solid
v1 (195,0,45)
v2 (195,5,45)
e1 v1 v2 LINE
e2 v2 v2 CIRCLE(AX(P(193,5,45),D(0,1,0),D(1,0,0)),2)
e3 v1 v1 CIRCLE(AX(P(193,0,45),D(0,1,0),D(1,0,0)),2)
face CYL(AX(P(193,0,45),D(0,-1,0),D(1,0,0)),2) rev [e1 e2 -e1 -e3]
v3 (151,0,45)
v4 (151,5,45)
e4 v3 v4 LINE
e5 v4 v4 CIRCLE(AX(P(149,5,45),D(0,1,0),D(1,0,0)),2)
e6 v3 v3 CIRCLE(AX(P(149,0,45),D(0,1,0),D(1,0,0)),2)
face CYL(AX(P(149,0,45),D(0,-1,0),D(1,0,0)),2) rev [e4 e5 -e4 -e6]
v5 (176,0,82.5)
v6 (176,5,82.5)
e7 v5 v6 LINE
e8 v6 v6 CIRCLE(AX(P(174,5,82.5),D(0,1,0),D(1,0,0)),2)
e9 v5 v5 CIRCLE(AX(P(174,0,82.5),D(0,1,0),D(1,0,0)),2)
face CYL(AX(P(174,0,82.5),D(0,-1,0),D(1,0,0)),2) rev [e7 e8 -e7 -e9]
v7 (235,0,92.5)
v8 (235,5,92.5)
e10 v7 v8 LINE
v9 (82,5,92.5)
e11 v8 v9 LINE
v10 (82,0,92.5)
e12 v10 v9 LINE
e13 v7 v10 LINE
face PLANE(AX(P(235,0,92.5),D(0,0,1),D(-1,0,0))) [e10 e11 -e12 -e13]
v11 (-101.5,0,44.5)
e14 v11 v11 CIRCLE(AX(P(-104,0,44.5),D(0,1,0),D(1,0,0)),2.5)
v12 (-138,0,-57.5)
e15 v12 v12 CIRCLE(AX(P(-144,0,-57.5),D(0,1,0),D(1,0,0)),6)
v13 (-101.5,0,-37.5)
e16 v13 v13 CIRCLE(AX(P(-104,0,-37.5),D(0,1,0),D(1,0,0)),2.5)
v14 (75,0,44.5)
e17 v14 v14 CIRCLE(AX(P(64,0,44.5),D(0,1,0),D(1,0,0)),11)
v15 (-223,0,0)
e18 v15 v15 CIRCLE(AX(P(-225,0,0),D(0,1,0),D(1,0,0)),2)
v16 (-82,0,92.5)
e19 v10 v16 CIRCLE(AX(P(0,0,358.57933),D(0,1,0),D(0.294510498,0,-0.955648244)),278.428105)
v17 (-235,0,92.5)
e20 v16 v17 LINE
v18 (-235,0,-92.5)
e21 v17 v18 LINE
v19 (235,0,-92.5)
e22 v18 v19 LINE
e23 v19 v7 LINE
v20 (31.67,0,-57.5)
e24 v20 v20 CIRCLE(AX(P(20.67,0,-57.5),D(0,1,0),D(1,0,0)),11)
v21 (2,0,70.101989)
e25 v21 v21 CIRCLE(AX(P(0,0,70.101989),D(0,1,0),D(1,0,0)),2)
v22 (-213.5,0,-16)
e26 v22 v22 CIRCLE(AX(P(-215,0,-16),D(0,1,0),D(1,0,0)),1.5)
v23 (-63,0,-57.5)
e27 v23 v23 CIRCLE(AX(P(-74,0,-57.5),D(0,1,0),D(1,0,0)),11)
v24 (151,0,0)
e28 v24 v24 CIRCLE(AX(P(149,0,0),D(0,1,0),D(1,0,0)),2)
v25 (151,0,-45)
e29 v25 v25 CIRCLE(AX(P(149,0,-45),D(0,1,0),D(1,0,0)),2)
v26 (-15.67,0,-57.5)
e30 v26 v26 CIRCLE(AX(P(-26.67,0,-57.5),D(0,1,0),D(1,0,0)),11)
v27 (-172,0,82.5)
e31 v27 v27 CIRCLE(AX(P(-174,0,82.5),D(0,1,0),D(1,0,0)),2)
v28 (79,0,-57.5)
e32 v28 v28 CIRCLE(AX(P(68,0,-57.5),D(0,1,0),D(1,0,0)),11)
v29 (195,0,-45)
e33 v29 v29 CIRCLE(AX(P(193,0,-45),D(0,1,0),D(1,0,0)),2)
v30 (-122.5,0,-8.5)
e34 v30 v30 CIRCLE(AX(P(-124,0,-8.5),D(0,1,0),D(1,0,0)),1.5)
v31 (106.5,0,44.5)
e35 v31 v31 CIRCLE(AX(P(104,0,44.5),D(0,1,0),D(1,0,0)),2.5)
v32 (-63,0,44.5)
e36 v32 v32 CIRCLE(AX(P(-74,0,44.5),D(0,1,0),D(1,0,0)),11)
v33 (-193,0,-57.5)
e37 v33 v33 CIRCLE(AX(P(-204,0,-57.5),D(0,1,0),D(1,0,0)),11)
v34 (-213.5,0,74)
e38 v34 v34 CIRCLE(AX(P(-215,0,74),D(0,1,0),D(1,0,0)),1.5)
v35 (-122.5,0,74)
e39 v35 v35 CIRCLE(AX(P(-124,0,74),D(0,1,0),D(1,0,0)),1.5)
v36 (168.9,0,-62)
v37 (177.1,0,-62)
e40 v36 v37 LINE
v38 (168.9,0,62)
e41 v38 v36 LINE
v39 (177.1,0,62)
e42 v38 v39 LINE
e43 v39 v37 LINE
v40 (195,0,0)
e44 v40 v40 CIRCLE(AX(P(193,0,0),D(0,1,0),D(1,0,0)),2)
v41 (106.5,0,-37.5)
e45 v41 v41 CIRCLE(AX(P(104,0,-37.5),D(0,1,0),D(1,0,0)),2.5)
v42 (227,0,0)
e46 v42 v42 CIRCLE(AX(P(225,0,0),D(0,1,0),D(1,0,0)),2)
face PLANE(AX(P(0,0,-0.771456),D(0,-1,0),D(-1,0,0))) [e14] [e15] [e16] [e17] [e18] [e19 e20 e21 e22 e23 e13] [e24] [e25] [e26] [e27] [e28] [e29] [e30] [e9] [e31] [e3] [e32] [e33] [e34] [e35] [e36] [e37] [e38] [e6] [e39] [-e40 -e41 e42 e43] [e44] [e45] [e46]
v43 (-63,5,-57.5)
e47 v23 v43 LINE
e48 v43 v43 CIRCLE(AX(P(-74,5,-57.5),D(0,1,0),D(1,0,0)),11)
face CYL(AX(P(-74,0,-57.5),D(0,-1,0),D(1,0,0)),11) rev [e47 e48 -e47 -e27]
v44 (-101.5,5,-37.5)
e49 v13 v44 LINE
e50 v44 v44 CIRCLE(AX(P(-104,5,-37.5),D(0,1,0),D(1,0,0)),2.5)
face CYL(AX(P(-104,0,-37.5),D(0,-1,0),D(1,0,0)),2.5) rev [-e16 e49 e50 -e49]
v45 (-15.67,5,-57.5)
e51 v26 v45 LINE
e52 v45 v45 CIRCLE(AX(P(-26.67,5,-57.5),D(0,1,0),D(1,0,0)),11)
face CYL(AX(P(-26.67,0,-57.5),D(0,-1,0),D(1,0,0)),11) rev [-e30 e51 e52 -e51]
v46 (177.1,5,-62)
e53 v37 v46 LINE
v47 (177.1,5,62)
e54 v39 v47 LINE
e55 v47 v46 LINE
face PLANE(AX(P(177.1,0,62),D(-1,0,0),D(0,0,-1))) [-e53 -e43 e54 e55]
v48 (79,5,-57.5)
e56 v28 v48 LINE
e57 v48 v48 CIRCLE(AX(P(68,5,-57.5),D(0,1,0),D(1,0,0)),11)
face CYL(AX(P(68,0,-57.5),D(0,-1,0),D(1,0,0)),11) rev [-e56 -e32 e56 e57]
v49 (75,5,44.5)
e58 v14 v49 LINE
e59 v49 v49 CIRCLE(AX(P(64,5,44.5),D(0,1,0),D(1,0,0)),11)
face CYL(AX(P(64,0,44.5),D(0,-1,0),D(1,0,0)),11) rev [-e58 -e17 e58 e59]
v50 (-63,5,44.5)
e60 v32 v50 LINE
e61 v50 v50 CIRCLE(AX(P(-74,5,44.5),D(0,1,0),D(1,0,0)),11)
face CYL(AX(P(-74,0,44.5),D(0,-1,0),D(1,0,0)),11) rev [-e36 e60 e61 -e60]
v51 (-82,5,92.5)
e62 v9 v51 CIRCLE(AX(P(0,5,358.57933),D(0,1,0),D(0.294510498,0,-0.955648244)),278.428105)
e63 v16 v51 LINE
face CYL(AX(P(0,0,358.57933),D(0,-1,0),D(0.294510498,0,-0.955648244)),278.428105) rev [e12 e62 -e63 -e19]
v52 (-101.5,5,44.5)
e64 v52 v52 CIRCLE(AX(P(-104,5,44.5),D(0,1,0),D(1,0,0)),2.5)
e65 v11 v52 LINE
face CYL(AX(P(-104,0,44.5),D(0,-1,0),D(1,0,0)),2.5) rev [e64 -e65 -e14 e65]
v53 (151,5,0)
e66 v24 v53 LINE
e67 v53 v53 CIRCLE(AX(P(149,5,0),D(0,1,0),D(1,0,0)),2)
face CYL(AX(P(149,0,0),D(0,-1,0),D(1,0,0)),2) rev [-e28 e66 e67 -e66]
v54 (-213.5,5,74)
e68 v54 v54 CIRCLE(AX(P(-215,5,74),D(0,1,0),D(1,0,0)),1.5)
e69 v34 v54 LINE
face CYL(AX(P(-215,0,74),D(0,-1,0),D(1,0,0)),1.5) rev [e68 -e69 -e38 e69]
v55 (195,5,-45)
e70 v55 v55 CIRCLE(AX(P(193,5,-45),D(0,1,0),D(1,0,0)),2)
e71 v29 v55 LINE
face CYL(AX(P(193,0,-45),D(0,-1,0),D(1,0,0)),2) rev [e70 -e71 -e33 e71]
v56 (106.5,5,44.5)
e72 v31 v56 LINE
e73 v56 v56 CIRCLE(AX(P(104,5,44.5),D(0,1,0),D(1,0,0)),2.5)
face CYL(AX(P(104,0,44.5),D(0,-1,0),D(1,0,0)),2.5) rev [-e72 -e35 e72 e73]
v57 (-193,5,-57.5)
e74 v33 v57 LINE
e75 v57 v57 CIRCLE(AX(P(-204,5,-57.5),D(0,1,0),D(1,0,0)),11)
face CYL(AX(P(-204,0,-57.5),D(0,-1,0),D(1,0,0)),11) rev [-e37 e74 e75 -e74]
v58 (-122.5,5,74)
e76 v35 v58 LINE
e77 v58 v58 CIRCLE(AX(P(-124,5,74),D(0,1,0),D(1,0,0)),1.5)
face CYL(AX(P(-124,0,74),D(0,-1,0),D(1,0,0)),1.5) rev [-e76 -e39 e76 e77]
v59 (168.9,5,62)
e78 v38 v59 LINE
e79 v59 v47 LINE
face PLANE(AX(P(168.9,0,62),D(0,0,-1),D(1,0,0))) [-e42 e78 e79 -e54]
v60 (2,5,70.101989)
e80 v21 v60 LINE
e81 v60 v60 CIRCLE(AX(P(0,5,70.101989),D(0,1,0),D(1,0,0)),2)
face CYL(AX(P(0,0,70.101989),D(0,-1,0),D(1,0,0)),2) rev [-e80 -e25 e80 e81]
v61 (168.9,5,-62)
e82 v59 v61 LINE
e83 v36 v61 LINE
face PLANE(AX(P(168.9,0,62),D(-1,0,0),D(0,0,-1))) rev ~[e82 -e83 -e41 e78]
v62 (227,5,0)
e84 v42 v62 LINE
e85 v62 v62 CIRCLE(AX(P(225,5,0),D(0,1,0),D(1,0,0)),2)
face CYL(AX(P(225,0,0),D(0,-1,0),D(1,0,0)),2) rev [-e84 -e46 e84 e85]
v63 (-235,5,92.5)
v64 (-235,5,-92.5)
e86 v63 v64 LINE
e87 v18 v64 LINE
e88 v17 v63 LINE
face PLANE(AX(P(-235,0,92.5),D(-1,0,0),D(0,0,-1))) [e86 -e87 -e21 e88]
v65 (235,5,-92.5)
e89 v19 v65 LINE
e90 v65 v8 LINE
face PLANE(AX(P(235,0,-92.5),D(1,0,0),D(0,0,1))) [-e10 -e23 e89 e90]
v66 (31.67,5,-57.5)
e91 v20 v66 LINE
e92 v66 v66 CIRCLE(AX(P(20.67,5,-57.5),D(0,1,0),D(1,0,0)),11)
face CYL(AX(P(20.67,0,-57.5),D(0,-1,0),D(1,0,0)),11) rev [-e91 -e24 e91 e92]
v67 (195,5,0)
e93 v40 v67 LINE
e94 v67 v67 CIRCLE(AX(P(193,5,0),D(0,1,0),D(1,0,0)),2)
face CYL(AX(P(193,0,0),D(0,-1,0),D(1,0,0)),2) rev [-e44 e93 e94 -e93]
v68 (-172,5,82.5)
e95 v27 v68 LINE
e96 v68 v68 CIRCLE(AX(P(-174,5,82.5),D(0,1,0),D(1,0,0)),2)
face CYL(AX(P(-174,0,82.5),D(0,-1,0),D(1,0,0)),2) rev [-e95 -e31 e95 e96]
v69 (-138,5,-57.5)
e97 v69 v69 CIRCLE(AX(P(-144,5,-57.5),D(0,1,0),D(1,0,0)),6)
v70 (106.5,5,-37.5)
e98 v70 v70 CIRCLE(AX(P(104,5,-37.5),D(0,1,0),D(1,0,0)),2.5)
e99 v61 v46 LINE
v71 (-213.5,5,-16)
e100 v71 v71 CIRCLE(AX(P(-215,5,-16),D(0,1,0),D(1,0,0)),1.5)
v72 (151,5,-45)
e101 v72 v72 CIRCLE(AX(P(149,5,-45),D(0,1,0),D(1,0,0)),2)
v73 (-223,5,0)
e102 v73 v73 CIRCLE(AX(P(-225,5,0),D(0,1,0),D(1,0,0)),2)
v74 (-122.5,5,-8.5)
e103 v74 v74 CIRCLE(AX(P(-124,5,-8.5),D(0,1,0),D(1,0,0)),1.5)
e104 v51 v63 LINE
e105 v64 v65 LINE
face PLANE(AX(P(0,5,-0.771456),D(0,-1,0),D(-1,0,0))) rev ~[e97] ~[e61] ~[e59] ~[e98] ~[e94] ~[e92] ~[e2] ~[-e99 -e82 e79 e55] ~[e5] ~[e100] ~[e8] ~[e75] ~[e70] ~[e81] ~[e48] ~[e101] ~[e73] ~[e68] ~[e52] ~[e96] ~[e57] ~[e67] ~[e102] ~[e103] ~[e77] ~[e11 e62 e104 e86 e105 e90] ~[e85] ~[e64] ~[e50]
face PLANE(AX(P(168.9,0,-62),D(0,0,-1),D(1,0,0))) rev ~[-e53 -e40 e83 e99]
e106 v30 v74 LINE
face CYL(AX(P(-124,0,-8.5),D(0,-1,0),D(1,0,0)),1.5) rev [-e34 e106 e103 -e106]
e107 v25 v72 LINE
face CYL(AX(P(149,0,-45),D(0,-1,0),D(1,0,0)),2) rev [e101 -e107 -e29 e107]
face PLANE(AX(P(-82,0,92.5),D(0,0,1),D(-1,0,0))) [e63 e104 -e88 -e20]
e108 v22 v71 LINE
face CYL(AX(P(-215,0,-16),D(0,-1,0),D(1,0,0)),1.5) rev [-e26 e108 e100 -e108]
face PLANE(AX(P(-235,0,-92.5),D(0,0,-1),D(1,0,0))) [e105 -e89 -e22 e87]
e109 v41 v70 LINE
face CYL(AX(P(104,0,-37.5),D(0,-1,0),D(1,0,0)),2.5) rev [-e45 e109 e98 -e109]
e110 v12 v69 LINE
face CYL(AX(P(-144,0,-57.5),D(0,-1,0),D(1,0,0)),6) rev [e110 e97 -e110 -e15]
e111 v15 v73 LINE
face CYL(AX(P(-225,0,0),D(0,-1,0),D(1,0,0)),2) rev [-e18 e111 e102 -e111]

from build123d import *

# Parameters (mm, degrees)
SKETCH_1_R      = 2.5
SKETCH_1_R_2    = 11
SKETCH_1_R_3    = 2
SKETCH_1_R_4    = 1.5
SKETCH_1_R_5    = 6
SKETCH_1_W      = 8.2
SKETCH_1_H      = 124
EXTRUDE_1_DEPTH = 5


with BuildPart() as part:
    # 草图1 → 凸台-拉伸1 (new body)
    with BuildSketch(Plane(origin=(0, 0, 0), x_dir=(1, 0, 0), z_dir=(0, 1, 0))):
        with BuildLine():
            Line((-235, 92.5), (235, 92.5))
            Line((235, 92.5), (235, -92.5))
            Line((235, -92.5), (104, -92.5))
            Line((104, -92.5), (82, -92.5))
            ThreePointArc((82, -92.5), (0, -80.151224636), (-82, -92.5))
            Line((-82, -92.5), (-104, -92.5))
            Line((-104, -92.5), (-235, -92.5))
            Line((-235, -92.5), (-235, 92.5))
        make_face()
        with Locations((-104, 37.5)):
            Circle(SKETCH_1_R, mode=Mode.SUBTRACT)
        with Locations((-104, -44.5)):
            Circle(SKETCH_1_R, mode=Mode.SUBTRACT)
        with Locations((104, 37.5)):
            Circle(SKETCH_1_R, mode=Mode.SUBTRACT)
        with Locations((104, -44.5)):
            Circle(SKETCH_1_R, mode=Mode.SUBTRACT)
        with Locations((-74, 57.5)):
            Circle(SKETCH_1_R_2, mode=Mode.SUBTRACT)
        with Locations((-26.67, 57.5)):
            Circle(SKETCH_1_R_2, mode=Mode.SUBTRACT)
        with Locations((20.67, 57.5)):
            Circle(SKETCH_1_R_2, mode=Mode.SUBTRACT)
        with Locations((68, 57.5)):
            Circle(SKETCH_1_R_2, mode=Mode.SUBTRACT)
        with Locations((64, -44.5)):
            Circle(SKETCH_1_R_2, mode=Mode.SUBTRACT)
        with Locations((-204, 57.5)):
            Circle(SKETCH_1_R_2, mode=Mode.SUBTRACT)
        with Locations((-74, -44.5)):
            Circle(SKETCH_1_R_2, mode=Mode.SUBTRACT)
        with Locations((149, 0)):
            Circle(SKETCH_1_R_3, mode=Mode.SUBTRACT)
        with Locations((193, 0)):
            Circle(SKETCH_1_R_3, mode=Mode.SUBTRACT)
        with Locations((149, 45)):
            Circle(SKETCH_1_R_3, mode=Mode.SUBTRACT)
        with Locations((149, -45)):
            Circle(SKETCH_1_R_3, mode=Mode.SUBTRACT)
        with Locations((193, 45)):
            Circle(SKETCH_1_R_3, mode=Mode.SUBTRACT)
        with Locations((193, -45)):
            Circle(SKETCH_1_R_3, mode=Mode.SUBTRACT)
        with Locations((-124, -74)):
            Circle(SKETCH_1_R_4, mode=Mode.SUBTRACT)
        with Locations((-124, 8.5)):
            Circle(SKETCH_1_R_4, mode=Mode.SUBTRACT)
        with Locations((-215, -74)):
            Circle(SKETCH_1_R_4, mode=Mode.SUBTRACT)
        with Locations((-215, 16)):
            Circle(SKETCH_1_R_4, mode=Mode.SUBTRACT)
        with Locations((-144, 57.5)):
            Circle(SKETCH_1_R_5, mode=Mode.SUBTRACT)
        with Locations((0, -70.101989155)):
            Circle(SKETCH_1_R_3, mode=Mode.SUBTRACT)
        with Locations((-174, -82.5)):
            Circle(SKETCH_1_R_3, mode=Mode.SUBTRACT)
        with Locations((174, -82.5)):
            Circle(SKETCH_1_R_3, mode=Mode.SUBTRACT)
        with Locations((-225, 0)):
            Circle(SKETCH_1_R_3, mode=Mode.SUBTRACT)
        with Locations((225, 0)):
            Circle(SKETCH_1_R_3, mode=Mode.SUBTRACT)
        with Locations((173, 0)):
            Rectangle(SKETCH_1_W, SKETCH_1_H, mode=Mode.SUBTRACT)
    extrude(amount=EXTRUDE_1_DEPTH)


solid = part.part
